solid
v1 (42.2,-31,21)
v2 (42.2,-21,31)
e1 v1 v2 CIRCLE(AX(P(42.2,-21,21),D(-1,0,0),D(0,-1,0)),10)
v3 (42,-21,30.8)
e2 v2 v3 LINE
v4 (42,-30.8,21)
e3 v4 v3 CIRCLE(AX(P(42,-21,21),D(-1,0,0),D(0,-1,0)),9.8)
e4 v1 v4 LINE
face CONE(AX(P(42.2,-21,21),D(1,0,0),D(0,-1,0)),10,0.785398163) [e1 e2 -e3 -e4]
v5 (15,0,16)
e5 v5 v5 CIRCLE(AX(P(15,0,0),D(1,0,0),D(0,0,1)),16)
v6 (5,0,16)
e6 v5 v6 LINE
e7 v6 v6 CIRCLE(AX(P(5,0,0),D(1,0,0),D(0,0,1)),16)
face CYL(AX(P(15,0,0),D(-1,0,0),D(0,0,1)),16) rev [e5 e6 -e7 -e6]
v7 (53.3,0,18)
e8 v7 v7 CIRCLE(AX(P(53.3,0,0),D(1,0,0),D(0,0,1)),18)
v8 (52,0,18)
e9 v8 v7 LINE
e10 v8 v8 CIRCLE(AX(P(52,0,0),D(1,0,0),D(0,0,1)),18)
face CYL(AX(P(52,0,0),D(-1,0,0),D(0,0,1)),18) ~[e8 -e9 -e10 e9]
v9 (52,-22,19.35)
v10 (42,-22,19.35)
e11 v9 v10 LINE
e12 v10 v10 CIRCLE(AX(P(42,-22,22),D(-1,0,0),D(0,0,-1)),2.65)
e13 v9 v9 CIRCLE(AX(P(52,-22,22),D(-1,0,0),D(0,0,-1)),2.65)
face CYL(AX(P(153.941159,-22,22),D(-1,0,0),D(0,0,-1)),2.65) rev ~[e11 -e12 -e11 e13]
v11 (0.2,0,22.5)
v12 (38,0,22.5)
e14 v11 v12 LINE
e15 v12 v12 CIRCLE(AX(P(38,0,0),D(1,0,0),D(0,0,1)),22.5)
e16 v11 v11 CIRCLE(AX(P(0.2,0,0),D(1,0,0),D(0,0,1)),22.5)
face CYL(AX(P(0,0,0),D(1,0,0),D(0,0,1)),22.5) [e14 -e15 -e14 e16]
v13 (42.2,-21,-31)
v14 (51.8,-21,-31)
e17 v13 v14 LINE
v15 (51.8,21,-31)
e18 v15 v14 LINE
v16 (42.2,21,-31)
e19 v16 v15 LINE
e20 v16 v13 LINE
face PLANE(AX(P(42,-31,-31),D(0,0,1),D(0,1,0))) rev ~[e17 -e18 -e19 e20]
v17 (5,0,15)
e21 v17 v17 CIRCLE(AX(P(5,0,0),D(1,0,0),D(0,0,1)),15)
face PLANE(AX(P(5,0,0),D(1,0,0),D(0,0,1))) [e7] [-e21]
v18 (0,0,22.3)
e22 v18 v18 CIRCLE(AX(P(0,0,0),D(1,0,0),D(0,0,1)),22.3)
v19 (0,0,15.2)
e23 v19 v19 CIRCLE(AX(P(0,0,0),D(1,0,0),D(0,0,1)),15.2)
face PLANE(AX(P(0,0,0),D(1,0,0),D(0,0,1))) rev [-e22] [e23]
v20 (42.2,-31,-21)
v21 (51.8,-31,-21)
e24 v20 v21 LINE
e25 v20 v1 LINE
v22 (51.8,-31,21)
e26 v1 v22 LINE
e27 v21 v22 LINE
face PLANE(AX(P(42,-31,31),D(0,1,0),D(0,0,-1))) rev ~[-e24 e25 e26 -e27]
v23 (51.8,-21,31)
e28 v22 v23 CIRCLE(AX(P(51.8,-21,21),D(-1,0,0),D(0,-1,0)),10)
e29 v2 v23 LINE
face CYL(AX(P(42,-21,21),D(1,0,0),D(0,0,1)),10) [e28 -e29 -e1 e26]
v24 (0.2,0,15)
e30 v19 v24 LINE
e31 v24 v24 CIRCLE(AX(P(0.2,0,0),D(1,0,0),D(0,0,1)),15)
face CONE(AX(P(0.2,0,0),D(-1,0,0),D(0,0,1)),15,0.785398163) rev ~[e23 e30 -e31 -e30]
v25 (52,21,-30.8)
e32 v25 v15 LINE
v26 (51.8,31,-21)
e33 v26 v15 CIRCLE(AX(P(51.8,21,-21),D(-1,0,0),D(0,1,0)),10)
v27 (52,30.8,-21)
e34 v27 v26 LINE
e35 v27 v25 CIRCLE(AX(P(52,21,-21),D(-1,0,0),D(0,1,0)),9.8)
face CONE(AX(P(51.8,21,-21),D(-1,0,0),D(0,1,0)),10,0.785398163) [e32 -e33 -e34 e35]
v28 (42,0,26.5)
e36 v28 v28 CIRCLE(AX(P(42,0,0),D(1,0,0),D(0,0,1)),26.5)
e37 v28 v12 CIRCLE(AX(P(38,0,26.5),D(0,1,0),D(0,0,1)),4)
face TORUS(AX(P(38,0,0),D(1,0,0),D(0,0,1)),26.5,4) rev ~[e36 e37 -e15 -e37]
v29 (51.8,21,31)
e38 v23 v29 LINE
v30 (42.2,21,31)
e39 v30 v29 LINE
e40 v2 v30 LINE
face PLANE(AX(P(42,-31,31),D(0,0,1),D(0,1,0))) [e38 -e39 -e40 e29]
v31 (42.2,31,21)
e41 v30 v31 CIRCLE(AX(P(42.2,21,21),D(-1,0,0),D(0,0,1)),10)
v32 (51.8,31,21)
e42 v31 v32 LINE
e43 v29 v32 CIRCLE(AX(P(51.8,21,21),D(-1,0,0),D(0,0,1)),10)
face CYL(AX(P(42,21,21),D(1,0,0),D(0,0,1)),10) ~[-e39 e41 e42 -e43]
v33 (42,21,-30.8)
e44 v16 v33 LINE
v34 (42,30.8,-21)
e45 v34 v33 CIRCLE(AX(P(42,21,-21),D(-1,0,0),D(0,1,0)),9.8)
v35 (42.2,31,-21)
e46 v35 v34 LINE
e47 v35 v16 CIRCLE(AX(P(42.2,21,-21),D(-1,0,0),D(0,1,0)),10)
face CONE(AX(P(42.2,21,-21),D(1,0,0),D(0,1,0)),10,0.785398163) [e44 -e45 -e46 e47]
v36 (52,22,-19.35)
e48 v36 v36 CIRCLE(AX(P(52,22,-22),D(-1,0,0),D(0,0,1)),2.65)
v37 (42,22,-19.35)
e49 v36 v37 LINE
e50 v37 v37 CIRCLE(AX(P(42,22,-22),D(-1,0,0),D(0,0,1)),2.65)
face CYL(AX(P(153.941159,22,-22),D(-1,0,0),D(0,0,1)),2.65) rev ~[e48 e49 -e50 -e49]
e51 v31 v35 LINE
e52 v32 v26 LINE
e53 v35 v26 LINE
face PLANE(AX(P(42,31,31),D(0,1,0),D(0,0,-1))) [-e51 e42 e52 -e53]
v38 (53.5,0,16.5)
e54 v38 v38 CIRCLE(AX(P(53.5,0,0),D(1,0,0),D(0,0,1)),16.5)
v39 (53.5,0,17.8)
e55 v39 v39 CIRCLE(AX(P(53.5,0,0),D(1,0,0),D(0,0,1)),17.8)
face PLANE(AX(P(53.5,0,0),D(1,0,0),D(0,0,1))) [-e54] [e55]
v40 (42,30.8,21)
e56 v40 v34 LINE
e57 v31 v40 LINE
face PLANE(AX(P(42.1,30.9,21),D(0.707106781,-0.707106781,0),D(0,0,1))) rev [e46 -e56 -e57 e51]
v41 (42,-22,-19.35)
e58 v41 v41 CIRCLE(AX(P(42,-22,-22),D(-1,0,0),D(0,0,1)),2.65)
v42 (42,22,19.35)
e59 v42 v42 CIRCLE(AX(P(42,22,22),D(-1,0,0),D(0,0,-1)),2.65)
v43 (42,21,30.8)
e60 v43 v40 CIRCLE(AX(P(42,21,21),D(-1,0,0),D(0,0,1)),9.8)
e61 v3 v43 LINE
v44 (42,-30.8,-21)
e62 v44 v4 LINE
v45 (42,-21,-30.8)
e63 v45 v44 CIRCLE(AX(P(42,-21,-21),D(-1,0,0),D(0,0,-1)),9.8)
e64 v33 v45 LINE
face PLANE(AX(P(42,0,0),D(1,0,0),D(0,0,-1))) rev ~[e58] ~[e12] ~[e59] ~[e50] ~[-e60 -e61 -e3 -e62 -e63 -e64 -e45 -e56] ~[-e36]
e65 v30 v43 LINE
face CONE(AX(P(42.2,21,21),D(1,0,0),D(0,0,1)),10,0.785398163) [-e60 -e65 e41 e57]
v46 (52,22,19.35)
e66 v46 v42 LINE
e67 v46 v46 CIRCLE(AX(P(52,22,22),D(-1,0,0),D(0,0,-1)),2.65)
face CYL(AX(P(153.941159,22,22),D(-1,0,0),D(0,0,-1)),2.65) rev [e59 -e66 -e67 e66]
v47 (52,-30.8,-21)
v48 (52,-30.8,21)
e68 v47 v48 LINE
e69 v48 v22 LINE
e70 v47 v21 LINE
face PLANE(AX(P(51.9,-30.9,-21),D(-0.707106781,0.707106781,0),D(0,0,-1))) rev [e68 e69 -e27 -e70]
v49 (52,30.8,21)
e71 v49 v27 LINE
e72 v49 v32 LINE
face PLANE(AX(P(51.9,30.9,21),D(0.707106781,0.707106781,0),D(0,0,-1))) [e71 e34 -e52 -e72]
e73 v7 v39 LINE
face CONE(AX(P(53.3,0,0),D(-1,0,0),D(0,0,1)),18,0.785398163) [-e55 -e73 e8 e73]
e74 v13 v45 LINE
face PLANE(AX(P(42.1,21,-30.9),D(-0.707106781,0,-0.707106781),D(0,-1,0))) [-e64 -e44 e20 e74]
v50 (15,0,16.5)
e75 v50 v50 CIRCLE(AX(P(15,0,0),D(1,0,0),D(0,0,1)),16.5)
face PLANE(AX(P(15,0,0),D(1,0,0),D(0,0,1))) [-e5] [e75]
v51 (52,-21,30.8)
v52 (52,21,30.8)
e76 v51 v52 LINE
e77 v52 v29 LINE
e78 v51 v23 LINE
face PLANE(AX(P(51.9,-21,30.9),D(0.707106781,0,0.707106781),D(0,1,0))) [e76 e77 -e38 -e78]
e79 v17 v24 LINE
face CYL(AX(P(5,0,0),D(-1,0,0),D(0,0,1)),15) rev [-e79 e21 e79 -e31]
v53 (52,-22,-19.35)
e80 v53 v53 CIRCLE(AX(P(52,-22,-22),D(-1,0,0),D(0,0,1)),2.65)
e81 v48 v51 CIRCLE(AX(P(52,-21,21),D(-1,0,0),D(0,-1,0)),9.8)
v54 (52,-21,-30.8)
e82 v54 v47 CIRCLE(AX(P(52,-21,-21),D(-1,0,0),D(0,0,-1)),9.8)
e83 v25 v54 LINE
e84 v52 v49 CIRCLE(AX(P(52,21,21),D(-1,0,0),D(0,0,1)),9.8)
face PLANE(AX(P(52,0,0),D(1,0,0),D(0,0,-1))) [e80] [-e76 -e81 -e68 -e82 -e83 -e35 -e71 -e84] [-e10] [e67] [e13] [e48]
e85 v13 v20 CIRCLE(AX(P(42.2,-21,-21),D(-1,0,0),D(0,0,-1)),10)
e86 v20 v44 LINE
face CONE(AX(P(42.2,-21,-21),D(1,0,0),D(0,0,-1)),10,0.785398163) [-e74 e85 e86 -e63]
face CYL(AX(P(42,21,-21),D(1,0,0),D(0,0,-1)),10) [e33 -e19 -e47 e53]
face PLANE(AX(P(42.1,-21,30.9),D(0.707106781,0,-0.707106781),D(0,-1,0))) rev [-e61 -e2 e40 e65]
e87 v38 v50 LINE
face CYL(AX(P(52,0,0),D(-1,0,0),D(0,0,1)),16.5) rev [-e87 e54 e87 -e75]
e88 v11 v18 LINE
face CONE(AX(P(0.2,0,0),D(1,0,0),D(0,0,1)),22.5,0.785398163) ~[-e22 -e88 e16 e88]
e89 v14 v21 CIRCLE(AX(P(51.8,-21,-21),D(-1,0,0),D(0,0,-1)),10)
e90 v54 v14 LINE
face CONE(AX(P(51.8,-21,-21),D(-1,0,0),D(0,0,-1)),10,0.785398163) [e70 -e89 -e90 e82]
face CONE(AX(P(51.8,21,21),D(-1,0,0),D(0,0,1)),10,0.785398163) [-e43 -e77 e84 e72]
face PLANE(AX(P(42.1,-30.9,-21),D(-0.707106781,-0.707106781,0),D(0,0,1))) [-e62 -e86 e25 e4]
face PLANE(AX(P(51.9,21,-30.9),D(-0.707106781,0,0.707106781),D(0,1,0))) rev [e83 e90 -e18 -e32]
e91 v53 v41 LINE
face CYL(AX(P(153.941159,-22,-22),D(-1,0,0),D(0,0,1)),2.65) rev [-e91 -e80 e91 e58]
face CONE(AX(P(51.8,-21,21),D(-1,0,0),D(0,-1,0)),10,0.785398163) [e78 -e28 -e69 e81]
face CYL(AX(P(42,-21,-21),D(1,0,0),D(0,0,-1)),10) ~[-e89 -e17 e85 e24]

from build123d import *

# Parameters (mm, degrees)
BOSS_EXTRU_1_START = -10
ESQUISSE2_W        = 62
ESQUISSE2_H        = 62
ESQUISSE2_R        = 16.5
BOSS_EXTRU_1_DEPTH = 10
CONG_1_R           = 10
D_GAGEMENT_M51_D   = 5.3
SYM_TRIE2_COPY_1_D = 5.3
CONG_2_R           = 4
ESQUISSE5_R        = 18
ESQUISSE5_R_2      = 16.5
BOSS_EXTRU_2_DEPTH = 1.5
CHANFREIN1_SIZE    = 0.2
CHANFREIN2_SIZE    = 0.2
CHANFREIN3_SIZE    = 0.2
CHANFREIN4_SIZE    = 0.2


with BuildPart() as part:
    # Esquisse1 → Révolution1 (revolve)
    with BuildSketch(Plane.XY, mode=Mode.PRIVATE) as r_volution1_sk:
        Polygon((0, 15), (0, 22.5), (52, 22.5), (52, 16.5), (15, 16.5), (15, 16), (5, 16), (5, 15), align=None)
    revolve(r_volution1_sk.sketch.rotate(Axis((-138.831140815, 0, 0), (1, 0, 0)), 90), axis=Axis((-138.831140815, 0, 0), (1, 0, 0)))

    # Esquisse2 → Boss.-Extru.1 (add)
    with BuildSketch(Plane(origin=(52, 0, 0), x_dir=(0, 0, -1), z_dir=(1, 0, 0)).offset(BOSS_EXTRU_1_START)):
        Rectangle(ESQUISSE2_W, ESQUISSE2_H)
        with Locations(Location((0, 0, 0), (0, 0, 180))):
            Circle(ESQUISSE2_R, mode=Mode.SUBTRACT)
    extrude(amount=BOSS_EXTRU_1_DEPTH)

    # Congé1
    cong_1_edges = [part.edges().sort_by_distance(p)[0] for p in [
        (47, 31, -31),
        (47, -31, -31),
        (47, -31, 31),
        (47, 31, 31),
    ]]
    fillet(cong_1_edges, radius=CONG_1_R)

    # Dégagement M51 (through all)
    with Locations(Plane(origin=(52, 0, 0), x_dir=(0, 0, -1), z_dir=(1, 0, 0))):
        with Locations((22, 22)):
            d_gagement_m51 = Hole(D_GAGEMENT_M51_D / 2)

    # Symétrie1: Dégagement M51 across plane
    add(d_gagement_m51.mirror(Plane.XY), mode=Mode.SUBTRACT)

    # Symétrie2: Dégagement M51 across plane
    add(d_gagement_m51.mirror(Plane.ZX), mode=Mode.SUBTRACT)

    # Symétrie2 copy 1 (through all)
    with Locations(Plane(origin=(52, 0, 0), x_dir=(0, 0, 1), z_dir=(1, 0, 0))):
        with Locations((22, 22)):
            Hole(SYM_TRIE2_COPY_1_D / 2)

    # Congé2
    cong_2_edges = [part.edges().sort_by_distance(p)[0] for p in [
        (42, 0, -22.5),
    ]]
    fillet(cong_2_edges, radius=CONG_2_R)

    # Esquisse5 → Boss.-Extru.2 (add)
    with BuildSketch(Plane(origin=(52, 0, 0), x_dir=(0, 0, -1), z_dir=(1, 0, 0))):
        with Locations(Location((0, 0, 0), (0, 0, 180))):
            Circle(ESQUISSE5_R)
        with Locations(Location((0, 0, 0), (0, 0, 180))):
            Circle(ESQUISSE5_R_2, mode=Mode.SUBTRACT)
    extrude(amount=BOSS_EXTRU_2_DEPTH)

    # Chanfrein1
    chanfrein1_edges = [part.edges().sort_by_distance(p)[0] for p in [
        (53.5, 0, -18),
    ]]
    chamfer(chanfrein1_edges, length=CHANFREIN1_SIZE)

    # Chanfrein2
    chanfrein2_edges = [part.edges().sort_by_distance(p)[0] for p in [
        (52, 0, 31),
        (52, 0, -31),
        (52, 31, 0),
        (52, -31, 0),
        (52, 28.071067812, 28.071067812),
        (52, 28.071067812, -28.071067812),
        (52, -28.071067812, -28.071067812),
        (52, -28.071067812, 28.071067812),
    ]]
    chamfer(chanfrein2_edges, length=CHANFREIN2_SIZE)

    # Chanfrein3
    chanfrein3_edges = [part.edges().sort_by_distance(p)[0] for p in [
        (42, 0, 31),
        (42, -31, 0),
        (42, 0, -31),
        (42, 31, 0),
        (42, 28.071067812, 28.071067812),
        (42, 28.071067812, -28.071067812),
        (42, -28.071067812, -28.071067812),
        (42, -28.071067812, 28.071067812),
    ]]
    chamfer(chanfrein3_edges, length=CHANFREIN3_SIZE)

    # Chanfrein4
    chanfrein4_edges = [part.edges().sort_by_distance(p)[0] for p in [
        (0, 0, -15),
        (0, 0, -22.5),
    ]]
    chamfer(chanfrein4_edges, length=CHANFREIN4_SIZE)


solid = part.part
